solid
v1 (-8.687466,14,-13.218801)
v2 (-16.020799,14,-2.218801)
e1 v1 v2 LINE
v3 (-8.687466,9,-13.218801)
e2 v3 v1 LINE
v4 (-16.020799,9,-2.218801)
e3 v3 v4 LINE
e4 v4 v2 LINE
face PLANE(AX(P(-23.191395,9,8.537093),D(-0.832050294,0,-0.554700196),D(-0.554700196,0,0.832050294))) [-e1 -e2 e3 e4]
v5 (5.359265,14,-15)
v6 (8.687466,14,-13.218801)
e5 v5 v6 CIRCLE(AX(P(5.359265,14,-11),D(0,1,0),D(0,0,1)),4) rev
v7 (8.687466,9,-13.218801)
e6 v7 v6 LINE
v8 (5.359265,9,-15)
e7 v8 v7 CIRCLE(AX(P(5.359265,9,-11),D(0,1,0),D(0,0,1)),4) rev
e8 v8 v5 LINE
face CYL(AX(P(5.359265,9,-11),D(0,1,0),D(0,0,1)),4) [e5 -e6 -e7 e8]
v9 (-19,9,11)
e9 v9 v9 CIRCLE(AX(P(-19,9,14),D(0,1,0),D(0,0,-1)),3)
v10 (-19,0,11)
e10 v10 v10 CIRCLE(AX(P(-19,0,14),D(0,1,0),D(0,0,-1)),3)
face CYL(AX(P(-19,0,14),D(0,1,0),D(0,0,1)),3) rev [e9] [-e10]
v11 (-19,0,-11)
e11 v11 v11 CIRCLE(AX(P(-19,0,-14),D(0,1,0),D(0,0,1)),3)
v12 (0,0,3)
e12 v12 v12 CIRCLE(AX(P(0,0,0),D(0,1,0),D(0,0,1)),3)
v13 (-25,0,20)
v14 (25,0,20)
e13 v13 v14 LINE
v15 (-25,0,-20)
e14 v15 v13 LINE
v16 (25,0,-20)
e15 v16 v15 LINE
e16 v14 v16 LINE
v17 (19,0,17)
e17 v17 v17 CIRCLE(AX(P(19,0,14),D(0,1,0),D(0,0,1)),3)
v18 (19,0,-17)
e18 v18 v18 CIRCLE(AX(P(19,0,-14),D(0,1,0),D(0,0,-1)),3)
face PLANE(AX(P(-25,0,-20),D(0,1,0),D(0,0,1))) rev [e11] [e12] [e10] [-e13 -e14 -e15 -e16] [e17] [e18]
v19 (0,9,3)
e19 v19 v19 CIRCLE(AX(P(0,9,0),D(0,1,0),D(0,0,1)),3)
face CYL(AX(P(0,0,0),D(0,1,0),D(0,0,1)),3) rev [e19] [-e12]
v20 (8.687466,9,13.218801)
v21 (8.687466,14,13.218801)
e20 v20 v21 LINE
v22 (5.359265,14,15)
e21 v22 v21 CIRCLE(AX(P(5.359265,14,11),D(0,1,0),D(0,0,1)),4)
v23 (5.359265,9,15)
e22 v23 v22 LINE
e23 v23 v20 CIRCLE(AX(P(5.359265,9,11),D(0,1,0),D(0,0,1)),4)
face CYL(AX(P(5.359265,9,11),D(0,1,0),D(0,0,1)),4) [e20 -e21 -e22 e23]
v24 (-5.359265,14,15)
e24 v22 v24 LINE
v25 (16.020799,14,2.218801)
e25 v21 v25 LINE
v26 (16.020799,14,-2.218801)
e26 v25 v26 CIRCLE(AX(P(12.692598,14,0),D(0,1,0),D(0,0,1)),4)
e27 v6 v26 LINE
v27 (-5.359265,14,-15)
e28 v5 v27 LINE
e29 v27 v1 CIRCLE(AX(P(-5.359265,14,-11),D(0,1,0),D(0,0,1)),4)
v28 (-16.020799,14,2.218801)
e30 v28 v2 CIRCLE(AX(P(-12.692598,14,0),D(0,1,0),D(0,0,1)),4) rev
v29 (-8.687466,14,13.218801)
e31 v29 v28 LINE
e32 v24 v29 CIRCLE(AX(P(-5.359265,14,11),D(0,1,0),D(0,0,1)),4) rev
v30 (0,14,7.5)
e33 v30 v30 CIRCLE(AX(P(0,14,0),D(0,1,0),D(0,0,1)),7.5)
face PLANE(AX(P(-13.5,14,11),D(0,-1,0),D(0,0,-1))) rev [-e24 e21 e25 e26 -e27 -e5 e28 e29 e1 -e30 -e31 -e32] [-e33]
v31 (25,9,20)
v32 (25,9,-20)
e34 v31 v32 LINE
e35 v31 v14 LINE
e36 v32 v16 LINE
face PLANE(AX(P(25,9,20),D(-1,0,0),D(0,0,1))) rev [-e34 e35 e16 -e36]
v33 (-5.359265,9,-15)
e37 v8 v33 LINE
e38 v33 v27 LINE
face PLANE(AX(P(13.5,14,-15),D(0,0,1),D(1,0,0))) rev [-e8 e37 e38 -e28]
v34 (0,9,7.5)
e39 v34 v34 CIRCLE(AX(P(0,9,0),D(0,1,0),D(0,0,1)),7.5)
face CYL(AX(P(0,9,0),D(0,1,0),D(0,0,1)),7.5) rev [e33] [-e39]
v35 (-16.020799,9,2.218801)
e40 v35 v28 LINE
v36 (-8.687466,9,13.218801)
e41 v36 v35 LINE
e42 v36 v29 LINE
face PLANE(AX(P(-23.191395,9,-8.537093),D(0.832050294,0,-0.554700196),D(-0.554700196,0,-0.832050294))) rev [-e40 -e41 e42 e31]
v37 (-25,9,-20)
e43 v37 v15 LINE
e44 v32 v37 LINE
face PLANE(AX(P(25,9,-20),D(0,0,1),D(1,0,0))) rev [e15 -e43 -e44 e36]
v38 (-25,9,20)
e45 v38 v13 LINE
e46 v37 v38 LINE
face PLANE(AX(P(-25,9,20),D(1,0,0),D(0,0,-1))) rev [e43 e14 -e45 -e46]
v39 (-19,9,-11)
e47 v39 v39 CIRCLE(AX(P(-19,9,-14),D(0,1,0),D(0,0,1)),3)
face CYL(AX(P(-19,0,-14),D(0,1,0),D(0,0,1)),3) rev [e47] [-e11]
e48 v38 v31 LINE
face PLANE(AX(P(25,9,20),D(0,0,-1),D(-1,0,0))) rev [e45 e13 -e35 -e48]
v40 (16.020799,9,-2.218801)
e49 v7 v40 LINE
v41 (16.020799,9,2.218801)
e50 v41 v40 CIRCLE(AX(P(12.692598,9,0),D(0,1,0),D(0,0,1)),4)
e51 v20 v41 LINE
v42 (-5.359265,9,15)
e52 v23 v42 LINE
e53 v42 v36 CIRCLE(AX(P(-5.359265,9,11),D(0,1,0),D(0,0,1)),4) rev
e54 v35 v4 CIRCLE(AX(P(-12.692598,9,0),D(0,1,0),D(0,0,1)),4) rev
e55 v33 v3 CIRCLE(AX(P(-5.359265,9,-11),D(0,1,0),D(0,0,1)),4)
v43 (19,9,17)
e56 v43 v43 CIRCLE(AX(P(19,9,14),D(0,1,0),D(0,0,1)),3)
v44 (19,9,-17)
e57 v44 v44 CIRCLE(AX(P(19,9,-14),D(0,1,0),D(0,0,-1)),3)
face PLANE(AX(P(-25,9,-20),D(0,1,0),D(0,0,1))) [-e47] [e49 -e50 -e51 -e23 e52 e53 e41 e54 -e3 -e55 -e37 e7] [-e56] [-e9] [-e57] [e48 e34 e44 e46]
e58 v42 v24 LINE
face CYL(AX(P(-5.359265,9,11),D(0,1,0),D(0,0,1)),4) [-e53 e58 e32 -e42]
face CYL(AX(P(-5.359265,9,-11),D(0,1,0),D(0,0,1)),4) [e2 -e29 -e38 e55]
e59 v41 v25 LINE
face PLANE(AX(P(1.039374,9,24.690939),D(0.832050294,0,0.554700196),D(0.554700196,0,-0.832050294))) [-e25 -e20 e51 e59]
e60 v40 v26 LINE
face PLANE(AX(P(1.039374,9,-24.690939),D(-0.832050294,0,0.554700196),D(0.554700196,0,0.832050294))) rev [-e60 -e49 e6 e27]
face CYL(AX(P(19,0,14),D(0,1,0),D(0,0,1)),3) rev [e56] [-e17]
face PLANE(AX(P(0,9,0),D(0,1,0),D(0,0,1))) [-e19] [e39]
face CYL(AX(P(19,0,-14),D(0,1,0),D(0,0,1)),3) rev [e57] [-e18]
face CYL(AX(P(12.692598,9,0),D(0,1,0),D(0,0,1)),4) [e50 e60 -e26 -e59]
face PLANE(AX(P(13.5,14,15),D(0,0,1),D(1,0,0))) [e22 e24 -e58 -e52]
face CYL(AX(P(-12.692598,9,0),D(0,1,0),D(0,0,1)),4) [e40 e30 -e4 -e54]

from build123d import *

# Parameters (mm, degrees)
SKETCH_2_W           = 50
SKETCH_2_H           = 40
EXTRUDE_1_DEPTH      = 9
EXTRUDE_3_DEPTH      = 5
SKETCH_6_R           = 7.5
CUT_EXTRUDE_1_DEPTH  = 5
SKETCH_7_R           = 3
CUT_EXTRUDE_2_DEPTH  = 34.256578297
CUT_EXTRUDE_START    = -5
CUT_EXTRUDE_11_DEPTH = 5
SKETCH_16_R          = 3
CUT_EXTRUDE_12_DEPTH = 34.256578297


with BuildPart() as part:
    # 草图2 → 凸台-拉伸1 (new body)
    with BuildSketch(Plane(origin=(0, 0, 0), x_dir=(1, 0, 0), z_dir=(0, 1, 0))):
        Rectangle(SKETCH_2_W, SKETCH_2_H)
    extrude(amount=EXTRUDE_1_DEPTH)

    # 草图3 → 凸台-拉伸3 (add)
    with BuildSketch(Plane(origin=(0, 9, 0), x_dir=(1, 0, 0), z_dir=(0, 1, 0))):
        with BuildLine():
            Line((13.5, -15), (-13.5, -15))
            ThreePointArc((-13.5, -15), (-16.328427125, -13.828427125), (-17.5, -11))
            Line((-17.5, -11), (-17.5, 11))
            ThreePointArc((-17.5, 11), (-16.328427125, 13.828427125), (-13.5, 15))
            Line((-13.5, 15), (13.5, 15))
            ThreePointArc((13.5, 15), (16.328427125, 13.828427125), (17.5, 11))
            Line((17.5, 11), (17.5, -11))
            ThreePointArc((17.5, -11), (16.328427125, -13.828427125), (13.5, -15))
        make_face()
    extrude(amount=EXTRUDE_3_DEPTH)

    # 草图6 → 切除-拉伸1 (cut)
    with BuildSketch(Plane(origin=(0, 14, 0), x_dir=(1, 0, 0), z_dir=(0, 1, 0))):
        with Locations(Location((0, 0, 0), (0, 0, 270))):
            Circle(SKETCH_6_R)
    extrude(amount=-CUT_EXTRUDE_1_DEPTH, mode=Mode.SUBTRACT)

    # 草图7 → 切除-拉伸2 (cut, through all)
    with BuildSketch(Plane(origin=(0, 9, 0), x_dir=(1, 0, 0), z_dir=(0, 1, 0))):
        with Locations(Location((0, 0, 0), (0, 0, 270))):
            Circle(SKETCH_7_R)
    extrude(amount=-CUT_EXTRUDE_2_DEPTH, mode=Mode.SUBTRACT)

    # 草图8 → 切除-拉伸11 (cut)
    with BuildSketch(Plane(origin=(0, 14, 0), x_dir=(1, 0, 0), z_dir=(0, 1, 0)).offset(CUT_EXTRUDE_START)):
        with BuildLine():
            ThreePointArc((-8.687466143, 13.218800785), (-7.246696668, 14.526698395), (-5.359264966, 15))
            Line((-5.359264966, 15), (-13.5, 15))
            ThreePointArc((-13.5, 15), (-16.328427125, 13.828427125), (-17.5, 11))
            Line((-17.5, 11), (-17.5, -11))
            ThreePointArc((-17.5, -11), (-16.328427125, -13.828427125), (-13.5, -15))
            Line((-13.5, -15), (-5.359264966, -15))
            ThreePointArc((-5.359264966, -15), (-7.246696668, -14.526698395), (-8.687466143, -13.218800785))
            Line((-8.687466143, -13.218800785), (-16.020799477, -2.218800785))
            ThreePointArc((-16.020799477, -2.218800785), (-16.692598299, 0), (-16.020799477, 2.218800785))
            Line((-16.020799477, 2.218800785), (-8.687466143, 13.218800785))
        make_face()
        with BuildLine():
            ThreePointArc((5.359264966, 15), (7.246696668, 14.526698395), (8.687466143, 13.218800785))
            Line((8.687466143, 13.218800785), (16.020799477, 2.218800785))
            ThreePointArc((16.020799477, 2.218800785), (16.692598299, 0), (16.020799477, -2.218800785))
            Line((16.020799477, -2.218800785), (8.687466143, -13.218800785))
            ThreePointArc((8.687466143, -13.218800785), (7.246696668, -14.526698395), (5.359264966, -15))
            Line((5.359264966, -15), (13.5, -15))
            ThreePointArc((13.5, -15), (16.328427125, -13.828427125), (17.5, -11))
            Line((17.5, -11), (17.5, 11))
            ThreePointArc((17.5, 11), (16.328427125, 13.828427125), (13.5, 15))
            Line((13.5, 15), (5.359264966, 15))
        make_face()
    extrude(amount=CUT_EXTRUDE_11_DEPTH, mode=Mode.SUBTRACT)

    # 草图16 → 切除-拉伸12 (cut, through all)
    with BuildSketch(Plane(origin=(0, 9, 0), x_dir=(1, 0, 0), z_dir=(0, 1, 0))):
        with Locations(Location((-19, 14, 0), (0, 0, 270))):
            Circle(SKETCH_16_R)
        with Locations(Location((-19, -14, 0), (0, 0, 90))):
            Circle(SKETCH_16_R)
        with Locations(Location((19, -14, 0), (0, 0, 270))):
            Circle(SKETCH_16_R)
        with Locations(Location((19, 14, 0), (0, 0, 90))):
            Circle(SKETCH_16_R)
    extrude(amount=-CUT_EXTRUDE_12_DEPTH, mode=Mode.SUBTRACT)


solid = part.part
